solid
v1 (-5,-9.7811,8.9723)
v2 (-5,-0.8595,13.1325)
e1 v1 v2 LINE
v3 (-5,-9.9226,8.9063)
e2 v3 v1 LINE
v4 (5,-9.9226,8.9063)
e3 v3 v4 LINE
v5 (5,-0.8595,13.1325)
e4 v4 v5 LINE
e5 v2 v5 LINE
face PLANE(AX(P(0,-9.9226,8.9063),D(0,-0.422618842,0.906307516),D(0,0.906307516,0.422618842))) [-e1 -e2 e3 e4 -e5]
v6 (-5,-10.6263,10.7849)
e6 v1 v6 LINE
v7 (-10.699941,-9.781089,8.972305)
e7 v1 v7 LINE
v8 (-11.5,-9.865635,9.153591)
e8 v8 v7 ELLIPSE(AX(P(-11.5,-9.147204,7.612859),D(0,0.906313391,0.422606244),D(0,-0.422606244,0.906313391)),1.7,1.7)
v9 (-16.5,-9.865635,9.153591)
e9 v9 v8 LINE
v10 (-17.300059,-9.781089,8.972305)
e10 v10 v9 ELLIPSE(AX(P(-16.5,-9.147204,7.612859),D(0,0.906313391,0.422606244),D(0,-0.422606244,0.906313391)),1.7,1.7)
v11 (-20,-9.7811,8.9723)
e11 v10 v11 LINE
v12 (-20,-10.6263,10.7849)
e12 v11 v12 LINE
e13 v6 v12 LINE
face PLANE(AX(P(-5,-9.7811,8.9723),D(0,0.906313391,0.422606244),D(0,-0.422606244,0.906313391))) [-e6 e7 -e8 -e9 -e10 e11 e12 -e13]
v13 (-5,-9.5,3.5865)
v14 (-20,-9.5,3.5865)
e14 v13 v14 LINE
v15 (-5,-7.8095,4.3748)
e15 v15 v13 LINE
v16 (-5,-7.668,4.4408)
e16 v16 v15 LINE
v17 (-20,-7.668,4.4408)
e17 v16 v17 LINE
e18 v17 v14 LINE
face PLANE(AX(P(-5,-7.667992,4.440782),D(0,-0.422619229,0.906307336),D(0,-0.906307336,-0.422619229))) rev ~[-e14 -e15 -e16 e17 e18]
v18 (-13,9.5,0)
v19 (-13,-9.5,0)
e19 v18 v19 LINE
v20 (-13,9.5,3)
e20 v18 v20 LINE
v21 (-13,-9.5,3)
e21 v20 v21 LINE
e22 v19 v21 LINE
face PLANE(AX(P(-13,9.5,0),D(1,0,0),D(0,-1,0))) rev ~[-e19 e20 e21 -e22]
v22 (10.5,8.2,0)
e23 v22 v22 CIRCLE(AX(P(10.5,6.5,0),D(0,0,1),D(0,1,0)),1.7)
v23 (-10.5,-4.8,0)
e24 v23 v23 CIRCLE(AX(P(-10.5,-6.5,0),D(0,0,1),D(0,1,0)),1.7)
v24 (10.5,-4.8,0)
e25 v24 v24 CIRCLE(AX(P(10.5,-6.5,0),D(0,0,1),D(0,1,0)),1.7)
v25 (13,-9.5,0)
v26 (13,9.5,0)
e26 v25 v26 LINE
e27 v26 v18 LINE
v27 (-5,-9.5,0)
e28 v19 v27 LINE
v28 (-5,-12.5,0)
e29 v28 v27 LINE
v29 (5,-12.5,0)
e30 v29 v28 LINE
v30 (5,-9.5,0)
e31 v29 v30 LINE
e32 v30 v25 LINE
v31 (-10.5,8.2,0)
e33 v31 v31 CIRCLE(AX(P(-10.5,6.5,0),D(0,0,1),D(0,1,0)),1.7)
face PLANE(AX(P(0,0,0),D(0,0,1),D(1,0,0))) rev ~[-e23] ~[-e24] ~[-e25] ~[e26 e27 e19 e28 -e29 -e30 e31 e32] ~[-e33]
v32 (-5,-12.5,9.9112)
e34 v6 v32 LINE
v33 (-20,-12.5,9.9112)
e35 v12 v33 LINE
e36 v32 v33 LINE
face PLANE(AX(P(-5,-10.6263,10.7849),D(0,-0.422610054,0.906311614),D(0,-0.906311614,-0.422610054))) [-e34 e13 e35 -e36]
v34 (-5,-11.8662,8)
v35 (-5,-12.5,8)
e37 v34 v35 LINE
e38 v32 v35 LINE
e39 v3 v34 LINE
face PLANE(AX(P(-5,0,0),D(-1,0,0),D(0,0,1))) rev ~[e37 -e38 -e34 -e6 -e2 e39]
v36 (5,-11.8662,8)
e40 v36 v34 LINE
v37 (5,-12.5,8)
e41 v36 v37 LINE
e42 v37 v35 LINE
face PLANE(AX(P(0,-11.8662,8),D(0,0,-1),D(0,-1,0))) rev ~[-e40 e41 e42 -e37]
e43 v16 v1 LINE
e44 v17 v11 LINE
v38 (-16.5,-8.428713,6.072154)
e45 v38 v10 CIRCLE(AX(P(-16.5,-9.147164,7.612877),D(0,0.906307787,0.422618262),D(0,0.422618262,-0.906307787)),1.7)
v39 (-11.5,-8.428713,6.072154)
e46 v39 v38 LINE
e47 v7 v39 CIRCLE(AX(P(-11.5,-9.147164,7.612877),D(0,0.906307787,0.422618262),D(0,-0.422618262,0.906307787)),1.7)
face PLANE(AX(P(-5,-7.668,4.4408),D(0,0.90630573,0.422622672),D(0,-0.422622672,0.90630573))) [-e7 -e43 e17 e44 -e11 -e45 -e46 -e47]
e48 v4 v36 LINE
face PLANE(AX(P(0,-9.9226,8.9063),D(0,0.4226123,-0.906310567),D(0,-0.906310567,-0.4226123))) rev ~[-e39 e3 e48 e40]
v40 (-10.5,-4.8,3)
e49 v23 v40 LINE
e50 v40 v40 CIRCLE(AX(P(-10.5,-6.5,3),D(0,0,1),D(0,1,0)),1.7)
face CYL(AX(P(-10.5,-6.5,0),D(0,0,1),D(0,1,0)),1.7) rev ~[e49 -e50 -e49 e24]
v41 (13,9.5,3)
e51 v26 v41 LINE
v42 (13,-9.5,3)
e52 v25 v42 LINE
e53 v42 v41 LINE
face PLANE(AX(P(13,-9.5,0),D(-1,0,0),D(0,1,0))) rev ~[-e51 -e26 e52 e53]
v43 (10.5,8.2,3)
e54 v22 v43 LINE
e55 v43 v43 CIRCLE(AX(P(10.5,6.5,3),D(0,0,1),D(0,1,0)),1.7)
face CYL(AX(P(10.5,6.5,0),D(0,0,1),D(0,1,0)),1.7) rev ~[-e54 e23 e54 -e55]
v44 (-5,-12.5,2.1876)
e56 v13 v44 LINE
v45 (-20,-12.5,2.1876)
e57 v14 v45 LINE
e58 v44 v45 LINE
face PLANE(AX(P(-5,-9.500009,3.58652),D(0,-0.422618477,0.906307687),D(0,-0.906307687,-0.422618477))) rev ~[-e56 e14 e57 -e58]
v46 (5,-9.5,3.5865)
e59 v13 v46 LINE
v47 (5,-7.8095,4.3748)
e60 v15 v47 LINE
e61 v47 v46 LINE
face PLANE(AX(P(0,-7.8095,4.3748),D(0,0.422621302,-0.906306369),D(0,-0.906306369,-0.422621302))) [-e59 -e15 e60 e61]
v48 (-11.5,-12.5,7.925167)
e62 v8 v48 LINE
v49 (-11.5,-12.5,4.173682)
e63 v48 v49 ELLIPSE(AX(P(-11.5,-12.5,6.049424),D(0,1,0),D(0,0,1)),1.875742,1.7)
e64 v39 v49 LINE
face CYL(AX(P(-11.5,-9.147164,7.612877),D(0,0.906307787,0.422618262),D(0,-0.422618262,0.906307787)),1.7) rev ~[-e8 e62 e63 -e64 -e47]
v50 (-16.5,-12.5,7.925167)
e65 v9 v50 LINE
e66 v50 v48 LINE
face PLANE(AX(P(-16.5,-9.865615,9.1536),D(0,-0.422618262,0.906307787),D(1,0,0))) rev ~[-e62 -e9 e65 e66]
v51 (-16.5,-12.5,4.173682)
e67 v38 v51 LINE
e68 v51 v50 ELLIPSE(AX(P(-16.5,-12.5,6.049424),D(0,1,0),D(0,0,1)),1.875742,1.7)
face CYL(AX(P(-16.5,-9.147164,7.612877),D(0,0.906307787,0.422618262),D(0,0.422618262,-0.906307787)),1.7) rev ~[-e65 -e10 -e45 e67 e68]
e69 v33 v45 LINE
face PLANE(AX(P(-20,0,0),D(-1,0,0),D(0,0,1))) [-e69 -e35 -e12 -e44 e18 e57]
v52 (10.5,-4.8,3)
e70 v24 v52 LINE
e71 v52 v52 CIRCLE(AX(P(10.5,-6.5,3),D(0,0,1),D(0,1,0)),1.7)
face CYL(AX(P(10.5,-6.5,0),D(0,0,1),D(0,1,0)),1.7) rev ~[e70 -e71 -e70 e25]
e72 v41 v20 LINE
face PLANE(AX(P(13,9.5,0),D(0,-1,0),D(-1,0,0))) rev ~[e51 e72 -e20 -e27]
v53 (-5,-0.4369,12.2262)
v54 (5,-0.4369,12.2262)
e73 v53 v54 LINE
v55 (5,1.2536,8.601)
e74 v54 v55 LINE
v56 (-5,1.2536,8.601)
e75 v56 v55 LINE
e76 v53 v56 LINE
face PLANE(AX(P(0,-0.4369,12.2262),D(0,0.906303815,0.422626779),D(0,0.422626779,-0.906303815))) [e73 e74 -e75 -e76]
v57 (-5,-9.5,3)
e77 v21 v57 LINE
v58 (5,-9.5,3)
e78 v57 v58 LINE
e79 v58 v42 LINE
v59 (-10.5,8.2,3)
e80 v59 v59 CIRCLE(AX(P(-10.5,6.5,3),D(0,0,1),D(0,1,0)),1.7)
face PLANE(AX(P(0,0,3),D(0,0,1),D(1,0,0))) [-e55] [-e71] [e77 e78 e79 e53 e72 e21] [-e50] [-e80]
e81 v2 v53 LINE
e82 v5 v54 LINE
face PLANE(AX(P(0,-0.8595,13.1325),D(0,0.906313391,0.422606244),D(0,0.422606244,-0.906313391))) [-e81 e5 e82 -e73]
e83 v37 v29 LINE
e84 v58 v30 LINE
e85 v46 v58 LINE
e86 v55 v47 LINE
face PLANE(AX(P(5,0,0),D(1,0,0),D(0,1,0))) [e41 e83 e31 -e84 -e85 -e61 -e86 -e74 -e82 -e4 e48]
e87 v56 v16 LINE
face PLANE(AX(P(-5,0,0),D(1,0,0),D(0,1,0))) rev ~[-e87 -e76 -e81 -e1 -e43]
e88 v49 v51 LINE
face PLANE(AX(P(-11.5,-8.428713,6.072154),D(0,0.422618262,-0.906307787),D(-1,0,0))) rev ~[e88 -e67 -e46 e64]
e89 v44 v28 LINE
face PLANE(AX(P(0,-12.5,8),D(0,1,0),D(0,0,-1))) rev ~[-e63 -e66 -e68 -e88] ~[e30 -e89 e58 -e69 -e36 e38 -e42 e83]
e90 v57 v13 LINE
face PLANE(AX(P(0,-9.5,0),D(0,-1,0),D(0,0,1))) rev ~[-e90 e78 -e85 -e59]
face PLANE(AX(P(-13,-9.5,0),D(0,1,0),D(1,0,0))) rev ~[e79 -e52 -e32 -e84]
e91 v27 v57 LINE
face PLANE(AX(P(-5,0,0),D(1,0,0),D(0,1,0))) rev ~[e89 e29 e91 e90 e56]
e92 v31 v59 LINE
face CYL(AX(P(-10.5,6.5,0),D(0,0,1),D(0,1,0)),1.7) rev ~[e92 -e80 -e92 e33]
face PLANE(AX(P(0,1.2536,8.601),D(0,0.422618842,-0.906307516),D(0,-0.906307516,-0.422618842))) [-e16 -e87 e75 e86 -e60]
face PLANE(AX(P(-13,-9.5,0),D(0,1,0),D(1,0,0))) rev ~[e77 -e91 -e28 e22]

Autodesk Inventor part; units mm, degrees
ref_plane "YZ Plane" through (0, 0, 0) normal (1, 0, 0) x (0, 1, 0)
ref_plane "XZ Plane" through (0, 0, 0) normal (0, 1, 0) x (-1, 0, 0)
ref_plane "XY Plane" through (0, 0, 0) normal (0, 0, 1) x (1, 0, 0)
sketch "Sketch2" plane through (0, 0, 0) normal (0, 0, 1) x (1, 0, 0)
  line L0 (-13, -9.5) -> (13, -9.5)
  line L1 (13, -9.5) -> (13, 9.5)
  line L2 (13, 9.5) -> (-13, 9.5)
  line L3 (-13, 9.5) -> (-13, -9.5)
  line L4 (-13, -9.5) -> (13, 9.5) construction
  line L5 (13, -9.5) -> (-13, 9.5) construction
  point P0 (0, 0)
  dimension "d2" = 26
  dimension "d3" = 19
extrude "Extrusion1" add sketch "Sketch2" along normal blind 3
sketch "Sketch1" plane through (0, 0, 0) normal (0, 0, 1) x (1, 0, 0)
  line L0 (-10.5, -6.5) -> (10.5, -6.5) construction
  line L1 (10.5, -6.5) -> (10.5, 6.5) construction
  line L2 (10.5, 6.5) -> (-10.5, 6.5) construction
  line L3 (-10.5, 6.5) -> (-10.5, -6.5) construction
  line L4 (-10.5, -6.5) -> (10.5, 6.5) construction
  line L5 (10.5, -6.5) -> (-10.5, 6.5) construction
  point P0 (0, 0)
  dimension "d0" = 21
  dimension "d1" = 13
hole "Hole1" at (10.5, 6.5, 0) at (-10.5, 6.5, 0) at (10.5, -6.5, 0) at (-10.5, -6.5, 0) direction (0, 0, 1) diameter 3.4 end through all
sketch "Sketch3" plane through (0, 0, 0) normal (1, 0, 0) x (0, 1, 0)
  line L0 (-9.5, 0) -> (9.5, 0) projected
  line L1 (9.5, 0) -> (9.5, 3) projected
  line L2 (-9.5, 3) -> (9.5, 3) projected
  line L3 (-9.5, 0) -> (-9.5, 3) projected
  line L4 (-9.5, 0) -> (9.5, 0) projected
  line L5 (-9.5, 0) -> (-9.5, 8)
  line L6 (-9.5, 8) -> (-12.5, 8)
  line L7 (-12.5, 8) -> (-12.5, 0)
  line L8 (-12.5, 0) -> (-9.5, 0)
  line L9 (-9.5, 8) -> (-0.4369, 12.2262)
  line L10 (-0.4369, 12.2262) -> (1.2536, 8.601)
  line L11 (1.2536, 8.601) -> (-7.8095, 4.3748)
  line L12 (-7.8095, 4.3748) -> (-9.5, 8)
  line L13 (-9.5, 8) -> (0.5, 8) construction
  line L14 (-7.8095, 4.3748) -> (-9.5, 3.5865)
  line L15 (-0.4369, 12.2262) -> (-9.5, 8)
  line L16 (-9.5, 8) -> (-9.9226, 8.9063)
  line L17 (-9.9226, 8.9063) -> (-0.8595, 13.1325)
  line L18 (-0.8595, 13.1325) -> (-0.4369, 12.2262)
  line L19 (-9.9226, 8.9063) -> (-11.8662, 8)
  point P0 (0, 0)
  point P1 (-11, 8)
  dimension "d13" = 3
  dimension "d14" = 8
  dimension "d15" = 25
  dimension "d16" = 4
  dimension "d17" = 10
  dimension "d20" = 1
  dimension "d21" = 2.1445
extrude "Extrusion2" add sketch "Sketch3" along normal mid plane 10 contours L8 L7 L6 L5 L3 | L5 L12 L14 | L16 L17 L18 L9 | L9 L10 L11 L12 | L6 L19 L16
sketch "Sketch4" plane through (-5, 0, 0) normal (-1, 0, 0) x (0, 0, 1)
  line L0 (8.601, 1.2536) -> (3.5865, -9.5) projected
  line L1 (13.1325, -0.8595) -> (8, -11.8662) projected
  line L2 (4.4408, -7.668) -> (2.1876, -12.5)
  line L3 (0, -12.5) -> (8, -12.5) projected
  line L4 (9.5697, -8.5) -> (7.7045, -12.5)
  line L5 (7.7045, -12.5) -> (2.1876, -12.5)
  line L6 (4.4408, -7.668) -> (8.9723, -9.7811)
  line L7 (13.1325, -0.8595) -> (8.601, 1.2536) projected
  line L8 (8.9723, -9.7811) -> (10.7849, -10.6263)
  line L9 (10.7849, -10.6263) -> (9.9112, -12.5)
  line L10 (9.9112, -12.5) -> (7.7045, -12.5)
  line L11 (8, -11.8662) -> (8, -12.5) projected
  point P0 (0, 0)
  point P1 (8, -11.8662)
  point P2 (8, -11.8662)
  dimension "d25" = 3
  dimension "d33" = 2
extrude "Extrusion3" add sketch "Sketch4" along normal blind 15 contours L6 L1 L4 L3 L2 L0 | L8 L9 L10 L11 L1 | L11 L3 L4
sketch "Sketch6" plane through (-20, -7.668, 4.4408) normal (0, 0.9063, 0.4226) x (1, 0, 0)
  line L0 (3.5, -3.5) -> (8.5, -3.5) construction
  line L1 (3.5, -5.2) -> (8.5, -5.2)
  line L2 (8.5, -1.8) -> (3.5, -1.8)
  arc A0 (3.5, -1.8) -> (3.5, -5.2) centre (3.5, -3.5) ccw
  arc A1 (8.5, -5.2) -> (8.5, -1.8) centre (8.5, -3.5) ccw
  line L3 (0, -7) -> (0, 0) projected
  point P0 (20, 7.2653)
  point P1 (6, -3.5)
  point P2 (0, -3.5)
  dimension "d34" = 5
  dimension "d35" = 3.4
  dimension "d36" = 6
extrude "Extrusion5" cut sketch "Sketch6" against normal through all
properties part number "cam mount prototype"
